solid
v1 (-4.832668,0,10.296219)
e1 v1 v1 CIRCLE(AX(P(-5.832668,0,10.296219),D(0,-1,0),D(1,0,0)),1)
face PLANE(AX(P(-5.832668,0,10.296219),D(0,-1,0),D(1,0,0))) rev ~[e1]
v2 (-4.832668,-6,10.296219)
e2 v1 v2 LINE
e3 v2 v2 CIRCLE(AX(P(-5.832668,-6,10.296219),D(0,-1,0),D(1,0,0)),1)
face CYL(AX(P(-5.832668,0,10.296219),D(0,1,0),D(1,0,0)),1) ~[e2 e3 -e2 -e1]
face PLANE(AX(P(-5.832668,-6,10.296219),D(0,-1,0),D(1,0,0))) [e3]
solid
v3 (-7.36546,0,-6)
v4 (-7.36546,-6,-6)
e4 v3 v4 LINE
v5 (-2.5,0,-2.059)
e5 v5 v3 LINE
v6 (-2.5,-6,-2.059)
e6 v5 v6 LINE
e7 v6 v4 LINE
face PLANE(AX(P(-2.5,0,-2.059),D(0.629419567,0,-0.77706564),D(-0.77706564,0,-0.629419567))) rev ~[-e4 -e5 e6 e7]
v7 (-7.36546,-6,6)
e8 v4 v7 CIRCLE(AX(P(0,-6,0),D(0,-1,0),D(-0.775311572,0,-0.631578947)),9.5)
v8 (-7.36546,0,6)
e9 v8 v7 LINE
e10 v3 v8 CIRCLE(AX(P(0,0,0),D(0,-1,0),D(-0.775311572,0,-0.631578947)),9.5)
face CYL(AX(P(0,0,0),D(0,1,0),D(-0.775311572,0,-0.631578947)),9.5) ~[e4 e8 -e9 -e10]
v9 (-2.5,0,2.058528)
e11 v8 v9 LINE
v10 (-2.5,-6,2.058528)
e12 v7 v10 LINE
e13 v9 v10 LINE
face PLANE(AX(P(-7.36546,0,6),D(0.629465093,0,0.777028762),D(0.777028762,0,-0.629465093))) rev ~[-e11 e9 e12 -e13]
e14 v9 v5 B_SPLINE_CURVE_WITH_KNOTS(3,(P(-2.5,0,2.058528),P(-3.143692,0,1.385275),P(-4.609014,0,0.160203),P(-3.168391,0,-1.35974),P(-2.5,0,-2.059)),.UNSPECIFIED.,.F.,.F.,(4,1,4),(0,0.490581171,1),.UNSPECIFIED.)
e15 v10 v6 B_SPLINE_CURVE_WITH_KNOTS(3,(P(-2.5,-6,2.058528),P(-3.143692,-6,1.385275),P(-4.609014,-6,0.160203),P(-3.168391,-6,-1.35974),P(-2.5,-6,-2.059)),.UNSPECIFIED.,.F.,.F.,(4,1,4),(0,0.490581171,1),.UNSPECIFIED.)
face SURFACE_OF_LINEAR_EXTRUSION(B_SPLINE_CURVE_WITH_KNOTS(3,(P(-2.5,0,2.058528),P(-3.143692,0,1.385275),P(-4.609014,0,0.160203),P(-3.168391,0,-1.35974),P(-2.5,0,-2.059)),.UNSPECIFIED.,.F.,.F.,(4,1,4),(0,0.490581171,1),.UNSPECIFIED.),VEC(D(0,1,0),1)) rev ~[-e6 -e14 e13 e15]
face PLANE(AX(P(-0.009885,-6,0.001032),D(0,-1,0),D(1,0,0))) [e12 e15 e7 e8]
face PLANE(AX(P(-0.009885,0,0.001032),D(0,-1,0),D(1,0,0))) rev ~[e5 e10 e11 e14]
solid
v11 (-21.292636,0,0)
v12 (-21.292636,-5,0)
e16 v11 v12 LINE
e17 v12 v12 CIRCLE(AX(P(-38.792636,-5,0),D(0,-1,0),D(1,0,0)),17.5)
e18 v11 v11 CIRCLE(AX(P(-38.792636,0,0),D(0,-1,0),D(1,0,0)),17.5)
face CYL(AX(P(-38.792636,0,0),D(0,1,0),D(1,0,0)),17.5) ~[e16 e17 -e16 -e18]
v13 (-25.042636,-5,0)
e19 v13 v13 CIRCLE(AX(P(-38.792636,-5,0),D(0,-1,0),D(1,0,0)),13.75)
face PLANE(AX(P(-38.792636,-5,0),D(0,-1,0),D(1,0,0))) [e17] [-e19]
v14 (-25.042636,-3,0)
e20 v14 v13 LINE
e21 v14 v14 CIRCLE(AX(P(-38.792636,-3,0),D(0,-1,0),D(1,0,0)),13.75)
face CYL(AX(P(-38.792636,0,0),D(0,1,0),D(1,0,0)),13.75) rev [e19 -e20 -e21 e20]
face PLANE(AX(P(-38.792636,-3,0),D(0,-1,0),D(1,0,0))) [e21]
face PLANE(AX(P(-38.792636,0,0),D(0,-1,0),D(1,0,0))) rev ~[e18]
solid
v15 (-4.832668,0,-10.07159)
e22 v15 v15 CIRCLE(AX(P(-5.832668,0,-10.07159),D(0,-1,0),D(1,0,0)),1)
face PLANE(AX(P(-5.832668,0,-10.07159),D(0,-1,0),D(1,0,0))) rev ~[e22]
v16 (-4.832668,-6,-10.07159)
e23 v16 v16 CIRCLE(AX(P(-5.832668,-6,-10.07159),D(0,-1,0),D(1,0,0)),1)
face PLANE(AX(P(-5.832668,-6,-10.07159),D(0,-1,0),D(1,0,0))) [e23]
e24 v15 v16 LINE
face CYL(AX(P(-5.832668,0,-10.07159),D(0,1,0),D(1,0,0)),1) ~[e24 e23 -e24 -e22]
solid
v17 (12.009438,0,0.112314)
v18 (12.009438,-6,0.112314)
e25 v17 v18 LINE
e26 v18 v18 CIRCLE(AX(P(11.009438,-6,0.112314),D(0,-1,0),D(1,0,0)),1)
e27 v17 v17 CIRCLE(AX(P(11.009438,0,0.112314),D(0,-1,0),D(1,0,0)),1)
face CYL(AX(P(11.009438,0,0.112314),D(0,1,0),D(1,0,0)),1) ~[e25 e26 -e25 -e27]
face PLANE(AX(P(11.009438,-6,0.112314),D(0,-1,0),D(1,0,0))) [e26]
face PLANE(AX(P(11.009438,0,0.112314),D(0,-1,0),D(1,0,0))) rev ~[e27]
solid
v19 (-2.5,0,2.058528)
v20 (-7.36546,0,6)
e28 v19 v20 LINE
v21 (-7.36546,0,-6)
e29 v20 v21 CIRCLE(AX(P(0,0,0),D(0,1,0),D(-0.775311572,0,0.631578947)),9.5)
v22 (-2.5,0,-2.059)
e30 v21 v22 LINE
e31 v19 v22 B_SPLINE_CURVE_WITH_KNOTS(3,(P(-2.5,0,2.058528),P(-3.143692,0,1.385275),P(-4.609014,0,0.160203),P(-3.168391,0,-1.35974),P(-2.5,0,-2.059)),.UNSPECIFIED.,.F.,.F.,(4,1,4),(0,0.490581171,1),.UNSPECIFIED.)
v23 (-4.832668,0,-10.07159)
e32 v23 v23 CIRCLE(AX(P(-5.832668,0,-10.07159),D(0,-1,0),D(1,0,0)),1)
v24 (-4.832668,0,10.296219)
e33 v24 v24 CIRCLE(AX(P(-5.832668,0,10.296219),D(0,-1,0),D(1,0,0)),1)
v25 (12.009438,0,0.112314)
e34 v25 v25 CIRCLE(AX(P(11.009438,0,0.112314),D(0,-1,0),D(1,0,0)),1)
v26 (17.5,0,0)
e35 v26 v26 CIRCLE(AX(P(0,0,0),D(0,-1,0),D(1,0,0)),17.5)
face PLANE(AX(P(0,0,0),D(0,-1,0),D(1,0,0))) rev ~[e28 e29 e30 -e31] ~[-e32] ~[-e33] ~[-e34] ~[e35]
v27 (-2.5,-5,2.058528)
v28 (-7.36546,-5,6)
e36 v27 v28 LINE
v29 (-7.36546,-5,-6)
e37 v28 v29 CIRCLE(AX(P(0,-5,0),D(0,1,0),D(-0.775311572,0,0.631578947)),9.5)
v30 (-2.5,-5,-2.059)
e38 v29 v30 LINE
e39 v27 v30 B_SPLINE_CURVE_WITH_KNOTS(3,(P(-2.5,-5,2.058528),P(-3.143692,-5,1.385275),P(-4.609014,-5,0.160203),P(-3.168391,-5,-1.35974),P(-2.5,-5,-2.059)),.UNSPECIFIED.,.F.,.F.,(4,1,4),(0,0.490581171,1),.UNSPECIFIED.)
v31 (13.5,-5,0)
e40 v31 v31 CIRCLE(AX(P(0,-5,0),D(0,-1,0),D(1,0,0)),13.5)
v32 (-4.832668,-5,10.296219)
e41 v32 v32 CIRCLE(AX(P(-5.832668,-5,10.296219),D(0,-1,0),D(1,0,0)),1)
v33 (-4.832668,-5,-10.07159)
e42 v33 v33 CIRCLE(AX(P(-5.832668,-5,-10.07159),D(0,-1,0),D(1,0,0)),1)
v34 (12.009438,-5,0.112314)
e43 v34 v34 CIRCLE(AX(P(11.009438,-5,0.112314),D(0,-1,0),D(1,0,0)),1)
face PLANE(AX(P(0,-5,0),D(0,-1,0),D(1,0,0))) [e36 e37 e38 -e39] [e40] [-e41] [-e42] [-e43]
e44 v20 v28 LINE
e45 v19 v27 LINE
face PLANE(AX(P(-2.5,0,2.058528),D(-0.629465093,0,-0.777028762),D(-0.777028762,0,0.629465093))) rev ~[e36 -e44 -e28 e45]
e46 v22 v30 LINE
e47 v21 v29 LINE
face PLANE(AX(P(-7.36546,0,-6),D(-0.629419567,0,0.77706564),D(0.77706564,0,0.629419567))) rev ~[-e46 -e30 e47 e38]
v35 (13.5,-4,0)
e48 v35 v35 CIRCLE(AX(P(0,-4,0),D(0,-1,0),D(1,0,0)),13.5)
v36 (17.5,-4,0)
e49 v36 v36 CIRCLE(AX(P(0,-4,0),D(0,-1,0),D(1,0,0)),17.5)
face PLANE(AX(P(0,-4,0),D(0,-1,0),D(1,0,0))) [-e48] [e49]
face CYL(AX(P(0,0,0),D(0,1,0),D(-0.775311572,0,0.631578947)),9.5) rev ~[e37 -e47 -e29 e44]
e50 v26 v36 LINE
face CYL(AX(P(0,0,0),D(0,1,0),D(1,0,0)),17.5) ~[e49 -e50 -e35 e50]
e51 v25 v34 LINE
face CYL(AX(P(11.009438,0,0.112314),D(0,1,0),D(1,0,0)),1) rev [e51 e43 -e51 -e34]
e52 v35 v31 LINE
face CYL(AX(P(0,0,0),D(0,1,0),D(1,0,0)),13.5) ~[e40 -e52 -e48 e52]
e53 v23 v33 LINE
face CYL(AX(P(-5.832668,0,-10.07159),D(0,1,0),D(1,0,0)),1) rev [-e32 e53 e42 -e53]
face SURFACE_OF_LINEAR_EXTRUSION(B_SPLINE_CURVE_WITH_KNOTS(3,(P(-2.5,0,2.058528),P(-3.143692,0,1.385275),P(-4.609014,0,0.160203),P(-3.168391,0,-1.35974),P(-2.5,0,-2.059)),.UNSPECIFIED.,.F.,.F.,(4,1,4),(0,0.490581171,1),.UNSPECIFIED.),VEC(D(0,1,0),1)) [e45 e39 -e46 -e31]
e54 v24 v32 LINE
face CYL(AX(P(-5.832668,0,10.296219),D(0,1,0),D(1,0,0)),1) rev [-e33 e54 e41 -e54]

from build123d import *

# Parameters (mm, degrees)
F1_DEPTH = 6
F0_R     = 1
F0_R_2   = 13.5
F2_DEPTH = 5
F0_R_3   = 17.5
F3_DEPTH = 4
F0_R_4   = 13.75
F4_DEPTH = 3
F5_DEPTH = 5


with BuildPart() as f1:
    # F0 (on Front) → F1 (new body)
    with BuildSketch(Plane.XZ):
        with BuildLine():
            ThreePointArc((-7.3654599313, -6), (9.5, 0), (-7.3654599313, 6))
            Line((-7.3654599313, 6), (-2.5, 2.058527898))
            add(Edge.make_bspline(
                [(-2.5, 2.058527898), (-3.1436924417, 1.385275305), (-4.6090135142, 0.1602034872), (-3.1683911991, -1.3597404302), (-2.5, -2.059)],
                knots=[0, 0, 0, 0, 0.4905811714, 1, 1, 1, 1], degree=3))
            Line((-2.5, -2.059), (-7.3654599313, -6))
        make_face()
    extrude(amount=F1_DEPTH)


with BuildPart() as f1b:
    # F0 (on Front) → F1, piece 2 (new body)
    with BuildSketch(Plane.XZ):
        with Locations((-5.8326675472, 10.2962186598)):
            Circle(F0_R)
    extrude(amount=F1_DEPTH)


with BuildPart() as f1c:
    # F0 (on Front) → F1, piece 3 (new body)
    with BuildSketch(Plane.XZ):
        with Locations((-5.8326675472, -10.0715903886)):
            Circle(F0_R)
    extrude(amount=F1_DEPTH)


with BuildPart() as f1d:
    # F0 (on Front) → F1, piece 4 (new body)
    with BuildSketch(Plane.XZ):
        with Locations((11.009437716, 0.1123141356)):
            Circle(F0_R)
    extrude(amount=F1_DEPTH)


with BuildPart() as f2:
    # F0 (on Front) → F2 (new body)
    with BuildSketch(Plane.XZ):
        Circle(F0_R_2)
        with Locations((-5.8326675472, -10.0715903886)):
            Circle(F0_R, mode=Mode.SUBTRACT)
        with BuildLine():
            Line((-2.5, 2.058527898), (-7.3654599313, 6))
            ThreePointArc((-7.3654599313, 6), (9.5, 0), (-7.3654599313, -6))
            Line((-7.3654599313, -6), (-2.5, -2.059))
            add(Edge.make_bspline(
                [(-2.5, 2.058527898), (-3.1436924417, 1.385275305), (-4.6090135142, 0.1602034872), (-3.1683911991, -1.3597404302), (-2.5, -2.059)],
                knots=[0, 0, 0, 0, 0.4905811714, 1, 1, 1, 1], degree=3))
        make_face(mode=Mode.SUBTRACT)
        with Locations((11.009437716, 0.1123141356)):
            Circle(F0_R, mode=Mode.SUBTRACT)
        with Locations((-5.8326675472, 10.2962186598)):
            Circle(F0_R, mode=Mode.SUBTRACT)
    extrude(amount=F2_DEPTH)

    # F0 (on Front) → F3 (join)
    with BuildSketch(Plane.XZ):
        Circle(F0_R_3)
        Circle(F0_R_2, mode=Mode.SUBTRACT)
    extrude(amount=F3_DEPTH)


with BuildPart() as f4:
    # F0 (on Front) → F4 (new body)
    with BuildSketch(Plane.XZ):
        with Locations((-38.7926362455, 0)):
            Circle(F0_R_4)
    extrude(amount=F4_DEPTH)

    # F0 (on Front) → F5 (join)
    with BuildSketch(Plane.XZ):
        with Locations((-38.7926362455, 0)):
            Circle(F0_R_3)
        with Locations((-38.7926362455, 0)):
            Circle(F0_R_4, mode=Mode.SUBTRACT)
    extrude(amount=F5_DEPTH)


solid = Compound([f1.part, f1b.part, f1c.part, f1d.part, f2.part, f4.part])
